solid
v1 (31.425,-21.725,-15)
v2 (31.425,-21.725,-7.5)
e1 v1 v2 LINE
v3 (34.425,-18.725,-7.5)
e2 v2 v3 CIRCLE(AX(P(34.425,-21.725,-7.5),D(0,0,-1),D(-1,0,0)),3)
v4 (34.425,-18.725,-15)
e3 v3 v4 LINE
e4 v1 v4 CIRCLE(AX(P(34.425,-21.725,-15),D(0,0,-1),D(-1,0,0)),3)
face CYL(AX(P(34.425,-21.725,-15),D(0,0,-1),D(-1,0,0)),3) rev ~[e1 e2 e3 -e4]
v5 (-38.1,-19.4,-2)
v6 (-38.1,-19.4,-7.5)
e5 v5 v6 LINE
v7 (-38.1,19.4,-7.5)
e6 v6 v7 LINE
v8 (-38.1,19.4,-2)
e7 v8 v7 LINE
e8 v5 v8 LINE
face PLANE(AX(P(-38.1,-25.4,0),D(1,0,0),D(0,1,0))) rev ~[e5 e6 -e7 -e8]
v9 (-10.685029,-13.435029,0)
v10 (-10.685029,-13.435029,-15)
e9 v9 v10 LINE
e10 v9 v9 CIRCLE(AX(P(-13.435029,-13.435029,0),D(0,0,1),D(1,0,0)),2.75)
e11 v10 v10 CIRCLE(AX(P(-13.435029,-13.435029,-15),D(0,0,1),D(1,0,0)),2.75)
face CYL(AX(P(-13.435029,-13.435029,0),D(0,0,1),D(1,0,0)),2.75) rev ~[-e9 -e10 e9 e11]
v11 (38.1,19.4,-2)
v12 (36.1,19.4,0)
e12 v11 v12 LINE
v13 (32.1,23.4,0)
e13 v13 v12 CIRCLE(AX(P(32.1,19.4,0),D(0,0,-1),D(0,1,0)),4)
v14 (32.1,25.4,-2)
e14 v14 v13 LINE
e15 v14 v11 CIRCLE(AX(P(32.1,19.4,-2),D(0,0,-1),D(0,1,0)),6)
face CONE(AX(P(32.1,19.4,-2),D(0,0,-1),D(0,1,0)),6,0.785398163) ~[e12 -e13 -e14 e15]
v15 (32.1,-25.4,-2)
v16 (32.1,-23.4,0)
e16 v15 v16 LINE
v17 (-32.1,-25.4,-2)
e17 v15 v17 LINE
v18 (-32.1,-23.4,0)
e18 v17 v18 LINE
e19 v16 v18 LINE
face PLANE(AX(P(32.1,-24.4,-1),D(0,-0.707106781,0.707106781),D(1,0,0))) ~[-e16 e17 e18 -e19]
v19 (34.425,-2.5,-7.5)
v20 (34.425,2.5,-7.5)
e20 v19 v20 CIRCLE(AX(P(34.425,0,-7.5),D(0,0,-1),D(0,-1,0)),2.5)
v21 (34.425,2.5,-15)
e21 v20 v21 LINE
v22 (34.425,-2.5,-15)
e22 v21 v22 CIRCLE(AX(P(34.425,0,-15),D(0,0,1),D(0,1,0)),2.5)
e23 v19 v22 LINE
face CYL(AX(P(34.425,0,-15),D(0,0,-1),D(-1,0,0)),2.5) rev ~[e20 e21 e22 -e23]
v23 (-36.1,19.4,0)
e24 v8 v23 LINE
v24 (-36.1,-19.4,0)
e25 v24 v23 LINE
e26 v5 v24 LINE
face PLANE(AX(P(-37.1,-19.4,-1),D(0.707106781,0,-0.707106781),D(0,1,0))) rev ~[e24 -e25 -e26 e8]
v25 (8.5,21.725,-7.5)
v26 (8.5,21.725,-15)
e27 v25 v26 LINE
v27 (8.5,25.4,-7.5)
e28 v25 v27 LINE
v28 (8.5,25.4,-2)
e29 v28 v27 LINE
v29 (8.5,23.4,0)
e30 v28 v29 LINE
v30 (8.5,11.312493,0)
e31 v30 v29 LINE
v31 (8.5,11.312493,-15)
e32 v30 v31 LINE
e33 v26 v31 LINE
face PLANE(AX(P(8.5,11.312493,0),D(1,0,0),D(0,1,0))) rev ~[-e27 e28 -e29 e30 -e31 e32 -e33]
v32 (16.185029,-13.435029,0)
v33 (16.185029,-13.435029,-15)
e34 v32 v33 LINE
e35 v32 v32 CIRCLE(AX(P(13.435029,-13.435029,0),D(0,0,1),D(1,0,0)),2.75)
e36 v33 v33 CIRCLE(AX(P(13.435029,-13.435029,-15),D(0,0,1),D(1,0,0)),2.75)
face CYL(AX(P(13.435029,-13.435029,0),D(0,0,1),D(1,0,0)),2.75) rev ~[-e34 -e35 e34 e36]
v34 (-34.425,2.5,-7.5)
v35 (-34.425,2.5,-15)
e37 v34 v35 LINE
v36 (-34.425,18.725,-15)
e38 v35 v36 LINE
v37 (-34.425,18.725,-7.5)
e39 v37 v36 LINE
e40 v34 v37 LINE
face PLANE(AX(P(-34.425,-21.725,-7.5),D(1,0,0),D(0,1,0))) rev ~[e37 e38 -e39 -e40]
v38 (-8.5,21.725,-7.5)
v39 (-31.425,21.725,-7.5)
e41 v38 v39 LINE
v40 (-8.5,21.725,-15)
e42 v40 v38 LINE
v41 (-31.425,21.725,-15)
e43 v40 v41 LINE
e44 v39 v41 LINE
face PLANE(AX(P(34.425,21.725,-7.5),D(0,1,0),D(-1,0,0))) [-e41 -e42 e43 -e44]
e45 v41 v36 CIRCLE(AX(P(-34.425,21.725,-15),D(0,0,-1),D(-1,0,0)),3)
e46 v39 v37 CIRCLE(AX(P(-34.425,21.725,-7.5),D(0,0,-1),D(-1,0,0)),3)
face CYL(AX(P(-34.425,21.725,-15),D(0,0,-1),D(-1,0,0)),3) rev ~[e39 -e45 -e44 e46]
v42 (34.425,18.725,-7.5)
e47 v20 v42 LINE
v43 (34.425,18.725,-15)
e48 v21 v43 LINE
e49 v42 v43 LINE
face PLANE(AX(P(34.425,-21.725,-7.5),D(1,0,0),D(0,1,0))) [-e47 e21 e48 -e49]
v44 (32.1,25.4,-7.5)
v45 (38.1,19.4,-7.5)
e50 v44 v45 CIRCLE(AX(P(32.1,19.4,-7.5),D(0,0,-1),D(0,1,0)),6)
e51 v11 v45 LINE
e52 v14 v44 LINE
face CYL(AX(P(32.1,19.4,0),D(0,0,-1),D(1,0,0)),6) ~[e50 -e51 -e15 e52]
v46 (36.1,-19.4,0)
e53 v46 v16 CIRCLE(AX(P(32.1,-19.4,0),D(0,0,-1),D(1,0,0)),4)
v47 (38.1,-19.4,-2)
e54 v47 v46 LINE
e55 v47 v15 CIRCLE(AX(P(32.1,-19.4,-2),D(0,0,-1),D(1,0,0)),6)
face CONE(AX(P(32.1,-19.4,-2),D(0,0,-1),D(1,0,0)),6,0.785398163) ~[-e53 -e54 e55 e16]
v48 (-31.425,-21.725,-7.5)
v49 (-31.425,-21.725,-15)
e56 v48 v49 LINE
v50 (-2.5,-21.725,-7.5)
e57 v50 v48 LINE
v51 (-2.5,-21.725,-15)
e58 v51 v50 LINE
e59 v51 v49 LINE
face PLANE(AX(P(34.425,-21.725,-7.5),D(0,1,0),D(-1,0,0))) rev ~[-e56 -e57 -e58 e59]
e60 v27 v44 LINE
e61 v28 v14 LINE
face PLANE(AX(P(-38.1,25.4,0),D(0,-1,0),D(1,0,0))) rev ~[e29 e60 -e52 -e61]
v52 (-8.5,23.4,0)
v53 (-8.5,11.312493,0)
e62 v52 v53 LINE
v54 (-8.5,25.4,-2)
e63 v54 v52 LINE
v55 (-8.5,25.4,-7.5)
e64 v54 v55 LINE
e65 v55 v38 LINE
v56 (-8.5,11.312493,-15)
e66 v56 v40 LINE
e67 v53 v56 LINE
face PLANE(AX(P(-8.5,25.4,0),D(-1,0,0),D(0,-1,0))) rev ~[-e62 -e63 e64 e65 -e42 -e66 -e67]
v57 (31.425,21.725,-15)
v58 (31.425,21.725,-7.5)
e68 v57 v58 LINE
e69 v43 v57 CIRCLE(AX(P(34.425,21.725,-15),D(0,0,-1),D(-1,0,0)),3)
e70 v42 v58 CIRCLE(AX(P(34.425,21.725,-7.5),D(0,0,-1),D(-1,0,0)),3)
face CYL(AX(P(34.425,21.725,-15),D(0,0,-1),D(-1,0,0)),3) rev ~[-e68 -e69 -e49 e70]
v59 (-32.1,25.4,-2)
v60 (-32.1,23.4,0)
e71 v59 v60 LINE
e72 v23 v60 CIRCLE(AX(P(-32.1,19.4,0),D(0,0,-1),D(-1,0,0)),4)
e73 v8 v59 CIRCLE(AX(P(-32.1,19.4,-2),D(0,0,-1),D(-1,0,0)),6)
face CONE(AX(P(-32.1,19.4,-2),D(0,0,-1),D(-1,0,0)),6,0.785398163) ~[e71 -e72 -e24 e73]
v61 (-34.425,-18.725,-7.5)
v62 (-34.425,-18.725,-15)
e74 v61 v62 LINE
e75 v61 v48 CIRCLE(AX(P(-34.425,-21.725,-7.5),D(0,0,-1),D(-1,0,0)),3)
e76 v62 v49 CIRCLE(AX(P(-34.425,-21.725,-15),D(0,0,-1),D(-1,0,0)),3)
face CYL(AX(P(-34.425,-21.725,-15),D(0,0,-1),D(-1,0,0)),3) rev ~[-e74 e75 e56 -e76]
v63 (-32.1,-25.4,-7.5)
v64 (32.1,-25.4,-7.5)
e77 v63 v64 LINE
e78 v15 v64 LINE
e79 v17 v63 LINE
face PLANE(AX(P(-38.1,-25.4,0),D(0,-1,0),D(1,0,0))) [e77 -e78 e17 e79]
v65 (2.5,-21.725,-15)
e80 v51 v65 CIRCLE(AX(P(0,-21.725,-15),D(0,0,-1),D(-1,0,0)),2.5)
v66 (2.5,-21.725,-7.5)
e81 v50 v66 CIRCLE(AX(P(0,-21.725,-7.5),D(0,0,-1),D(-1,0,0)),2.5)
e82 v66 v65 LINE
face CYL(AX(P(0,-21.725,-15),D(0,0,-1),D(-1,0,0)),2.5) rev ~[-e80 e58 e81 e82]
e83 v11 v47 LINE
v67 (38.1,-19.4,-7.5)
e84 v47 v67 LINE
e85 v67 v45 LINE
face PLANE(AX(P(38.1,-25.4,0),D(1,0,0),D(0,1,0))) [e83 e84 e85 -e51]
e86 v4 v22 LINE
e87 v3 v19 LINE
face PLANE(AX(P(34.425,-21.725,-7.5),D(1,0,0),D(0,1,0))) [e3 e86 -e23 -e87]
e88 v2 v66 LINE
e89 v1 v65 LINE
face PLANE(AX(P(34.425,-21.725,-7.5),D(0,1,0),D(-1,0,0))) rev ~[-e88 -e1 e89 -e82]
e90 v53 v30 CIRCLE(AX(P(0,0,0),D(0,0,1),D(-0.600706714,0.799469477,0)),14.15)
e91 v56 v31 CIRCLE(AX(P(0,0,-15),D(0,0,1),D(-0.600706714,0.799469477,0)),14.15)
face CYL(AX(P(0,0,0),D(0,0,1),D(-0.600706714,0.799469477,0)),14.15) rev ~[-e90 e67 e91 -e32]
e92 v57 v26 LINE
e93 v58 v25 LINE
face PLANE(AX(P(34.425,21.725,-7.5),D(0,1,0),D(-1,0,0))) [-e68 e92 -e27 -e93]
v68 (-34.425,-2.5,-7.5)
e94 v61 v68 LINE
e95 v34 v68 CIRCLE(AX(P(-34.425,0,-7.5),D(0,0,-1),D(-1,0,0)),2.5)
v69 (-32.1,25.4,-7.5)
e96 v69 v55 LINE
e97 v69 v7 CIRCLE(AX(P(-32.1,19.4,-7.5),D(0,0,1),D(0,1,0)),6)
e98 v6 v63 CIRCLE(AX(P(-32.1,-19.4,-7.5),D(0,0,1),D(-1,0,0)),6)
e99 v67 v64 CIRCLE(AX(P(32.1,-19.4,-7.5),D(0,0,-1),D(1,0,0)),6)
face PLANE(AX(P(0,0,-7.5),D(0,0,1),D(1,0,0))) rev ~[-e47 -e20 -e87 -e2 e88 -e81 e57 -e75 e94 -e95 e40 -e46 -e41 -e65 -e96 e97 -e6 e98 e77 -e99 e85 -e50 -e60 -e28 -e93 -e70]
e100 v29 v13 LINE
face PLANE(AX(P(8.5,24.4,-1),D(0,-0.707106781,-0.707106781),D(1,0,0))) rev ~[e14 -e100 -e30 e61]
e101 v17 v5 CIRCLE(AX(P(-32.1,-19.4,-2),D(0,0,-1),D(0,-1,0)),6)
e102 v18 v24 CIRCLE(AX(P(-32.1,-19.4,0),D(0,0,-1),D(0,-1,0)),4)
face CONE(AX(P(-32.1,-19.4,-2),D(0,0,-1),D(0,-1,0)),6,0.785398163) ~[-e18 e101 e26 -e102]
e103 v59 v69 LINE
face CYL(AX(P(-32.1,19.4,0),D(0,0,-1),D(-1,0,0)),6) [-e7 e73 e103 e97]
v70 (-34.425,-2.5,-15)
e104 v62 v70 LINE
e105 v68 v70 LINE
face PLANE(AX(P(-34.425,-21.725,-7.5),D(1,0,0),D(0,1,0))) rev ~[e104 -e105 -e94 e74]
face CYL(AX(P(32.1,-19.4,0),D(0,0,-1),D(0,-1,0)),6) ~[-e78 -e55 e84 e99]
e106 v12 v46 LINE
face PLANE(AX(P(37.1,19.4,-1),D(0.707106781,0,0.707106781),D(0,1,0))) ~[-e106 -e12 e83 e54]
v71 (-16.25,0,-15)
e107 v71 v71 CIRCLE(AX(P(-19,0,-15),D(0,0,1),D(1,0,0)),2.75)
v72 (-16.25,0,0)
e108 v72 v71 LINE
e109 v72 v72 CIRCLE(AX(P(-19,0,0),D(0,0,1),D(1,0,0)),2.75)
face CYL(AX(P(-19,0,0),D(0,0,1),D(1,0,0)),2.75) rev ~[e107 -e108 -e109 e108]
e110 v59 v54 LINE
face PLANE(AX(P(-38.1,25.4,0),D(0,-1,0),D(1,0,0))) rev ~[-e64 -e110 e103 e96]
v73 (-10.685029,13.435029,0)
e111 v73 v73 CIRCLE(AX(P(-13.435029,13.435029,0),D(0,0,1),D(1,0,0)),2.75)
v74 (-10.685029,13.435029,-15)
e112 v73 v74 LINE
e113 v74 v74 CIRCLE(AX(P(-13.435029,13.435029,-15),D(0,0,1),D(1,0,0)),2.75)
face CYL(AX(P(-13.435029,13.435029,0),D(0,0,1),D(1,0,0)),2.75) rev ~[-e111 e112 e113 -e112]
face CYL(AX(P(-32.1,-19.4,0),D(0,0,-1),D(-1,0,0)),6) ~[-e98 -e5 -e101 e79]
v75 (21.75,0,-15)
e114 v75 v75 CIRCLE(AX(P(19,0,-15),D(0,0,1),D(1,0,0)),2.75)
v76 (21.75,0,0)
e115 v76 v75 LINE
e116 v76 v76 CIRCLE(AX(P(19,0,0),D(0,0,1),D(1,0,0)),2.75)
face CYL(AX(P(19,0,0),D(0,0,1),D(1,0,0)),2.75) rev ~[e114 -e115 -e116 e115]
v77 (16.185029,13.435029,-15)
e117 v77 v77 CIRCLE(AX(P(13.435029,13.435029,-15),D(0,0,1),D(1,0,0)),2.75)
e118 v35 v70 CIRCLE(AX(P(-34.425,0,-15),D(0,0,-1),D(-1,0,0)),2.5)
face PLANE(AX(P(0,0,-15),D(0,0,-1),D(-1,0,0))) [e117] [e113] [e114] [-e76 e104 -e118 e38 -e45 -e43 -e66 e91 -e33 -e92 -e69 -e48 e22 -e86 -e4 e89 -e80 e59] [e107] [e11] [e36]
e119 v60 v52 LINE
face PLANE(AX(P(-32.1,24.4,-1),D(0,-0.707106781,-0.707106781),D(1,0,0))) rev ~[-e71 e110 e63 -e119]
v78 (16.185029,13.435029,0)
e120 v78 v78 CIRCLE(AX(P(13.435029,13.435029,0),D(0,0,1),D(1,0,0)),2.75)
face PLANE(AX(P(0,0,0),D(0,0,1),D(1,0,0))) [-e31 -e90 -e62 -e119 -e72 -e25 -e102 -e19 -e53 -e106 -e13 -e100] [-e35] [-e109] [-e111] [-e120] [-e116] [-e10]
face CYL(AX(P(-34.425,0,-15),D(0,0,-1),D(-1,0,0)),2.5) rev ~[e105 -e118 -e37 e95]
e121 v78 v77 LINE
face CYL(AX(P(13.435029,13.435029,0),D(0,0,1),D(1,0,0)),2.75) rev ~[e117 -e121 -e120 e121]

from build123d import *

# Parameters (mm, degrees)
SKETCH1_W           = 76.2
SKETCH1_H           = 50.8
BOSS_EXTRUDE1_DEPTH = 7.5
SKETCH2_W           = 68.85
SKETCH2_H           = 43.45
BOSS_EXTRUDE2_DEPTH = 7.5
SKETCH3_R           = 2.75
CUT_EXTRUDE1_DEPTH  = 49.184748624
FILLET1_R           = 6
SKETCH4_R           = 3
SKETCH4_R_2         = 2.5
CUT_EXTRUDE2_DEPTH  = 7.5
CHAMFER1_SIZE       = 2


with BuildPart() as part:
    # Sketch1 → Boss-Extrude1 (new body)
    with BuildSketch(Plane.XY):
        Rectangle(SKETCH1_W, SKETCH1_H)
    extrude(amount=-BOSS_EXTRUDE1_DEPTH)

    # Sketch2 → Boss-Extrude2 (add)
    with BuildSketch(Plane(origin=(0, 0, -7.5), x_dir=(-1, 0, 0), z_dir=(0, 0, -1))):
        Rectangle(SKETCH2_W, SKETCH2_H)
    extrude(amount=BOSS_EXTRUDE2_DEPTH)

    # Sketch3 → Cut-Extrude1 (cut, through all)
    with BuildSketch(Plane.XY):
        with Locations((-19, 0)):
            Circle(SKETCH3_R)
        with Locations((-13.435028843, 13.435028843)):
            Circle(SKETCH3_R)
        with Locations((13.435028843, 13.435028843)):
            Circle(SKETCH3_R)
        with Locations((19, 0)):
            Circle(SKETCH3_R)
        with Locations((13.435028843, -13.435028843)):
            Circle(SKETCH3_R)
        with Locations((-13.435028843, -13.435028843)):
            Circle(SKETCH3_R)
        with BuildLine():
            Line((8.5, 11.312493094), (8.5, 25.4))
            Line((8.5, 25.4), (-8.5, 25.4))
            Line((-8.5, 25.4), (-8.5, 11.312493094))
            ThreePointArc((-8.5, 11.312493094), (0, -14.15), (8.5, 11.312493094))
        make_face()
    extrude(amount=-CUT_EXTRUDE1_DEPTH, mode=Mode.SUBTRACT)

    # Fillet1
    fillet1_edges = [part.edges().sort_by_distance(p)[0] for p in [
        (-38.1, 25.4, -3.75),
        (38.1, 25.4, -3.75),
        (38.1, -25.4, -3.75),
        (-38.1, -25.4, -3.75),
    ]]
    fillet(fillet1_edges, radius=FILLET1_R)

    # Sketch4 → Cut-Extrude2 (cut)
    with BuildSketch(Plane(origin=(0, 0, -15), x_dir=(-1, 0, 0), z_dir=(0, 0, -1))):
        with Locations((-34.425, 21.725)):
            Circle(SKETCH4_R)
        with Locations((-34.425, -21.725)):
            Circle(SKETCH4_R)
        with Locations((-34.425, 0)):
            Circle(SKETCH4_R_2)
        with Locations((0, -21.725)):
            Circle(SKETCH4_R_2)
        with Locations((34.425, -21.725)):
            Circle(SKETCH4_R)
        with Locations((34.425, 0)):
            Circle(SKETCH4_R_2)
        with Locations((34.425, 21.725)):
            Circle(SKETCH4_R)
    extrude(amount=-CUT_EXTRUDE2_DEPTH, mode=Mode.SUBTRACT)

    # Chamfer1
    chamfer1_edges = [part.edges().sort_by_distance(p)[0] for p in [
        (-20.3, 25.4, 0),
        (0, -25.4, 0),
        (-38.1, 0, 0),
        (38.1, 0, 0),
        (20.3, 25.4, 0),
        (36.342640687, 23.642640687, 0),
        (-36.342640687, 23.642640687, 0),
        (-36.342640687, -23.642640687, 0),
        (36.342640687, -23.642640687, 0),
    ]]
    chamfer(chamfer1_edges, length=CHAMFER1_SIZE)


solid = part.part
